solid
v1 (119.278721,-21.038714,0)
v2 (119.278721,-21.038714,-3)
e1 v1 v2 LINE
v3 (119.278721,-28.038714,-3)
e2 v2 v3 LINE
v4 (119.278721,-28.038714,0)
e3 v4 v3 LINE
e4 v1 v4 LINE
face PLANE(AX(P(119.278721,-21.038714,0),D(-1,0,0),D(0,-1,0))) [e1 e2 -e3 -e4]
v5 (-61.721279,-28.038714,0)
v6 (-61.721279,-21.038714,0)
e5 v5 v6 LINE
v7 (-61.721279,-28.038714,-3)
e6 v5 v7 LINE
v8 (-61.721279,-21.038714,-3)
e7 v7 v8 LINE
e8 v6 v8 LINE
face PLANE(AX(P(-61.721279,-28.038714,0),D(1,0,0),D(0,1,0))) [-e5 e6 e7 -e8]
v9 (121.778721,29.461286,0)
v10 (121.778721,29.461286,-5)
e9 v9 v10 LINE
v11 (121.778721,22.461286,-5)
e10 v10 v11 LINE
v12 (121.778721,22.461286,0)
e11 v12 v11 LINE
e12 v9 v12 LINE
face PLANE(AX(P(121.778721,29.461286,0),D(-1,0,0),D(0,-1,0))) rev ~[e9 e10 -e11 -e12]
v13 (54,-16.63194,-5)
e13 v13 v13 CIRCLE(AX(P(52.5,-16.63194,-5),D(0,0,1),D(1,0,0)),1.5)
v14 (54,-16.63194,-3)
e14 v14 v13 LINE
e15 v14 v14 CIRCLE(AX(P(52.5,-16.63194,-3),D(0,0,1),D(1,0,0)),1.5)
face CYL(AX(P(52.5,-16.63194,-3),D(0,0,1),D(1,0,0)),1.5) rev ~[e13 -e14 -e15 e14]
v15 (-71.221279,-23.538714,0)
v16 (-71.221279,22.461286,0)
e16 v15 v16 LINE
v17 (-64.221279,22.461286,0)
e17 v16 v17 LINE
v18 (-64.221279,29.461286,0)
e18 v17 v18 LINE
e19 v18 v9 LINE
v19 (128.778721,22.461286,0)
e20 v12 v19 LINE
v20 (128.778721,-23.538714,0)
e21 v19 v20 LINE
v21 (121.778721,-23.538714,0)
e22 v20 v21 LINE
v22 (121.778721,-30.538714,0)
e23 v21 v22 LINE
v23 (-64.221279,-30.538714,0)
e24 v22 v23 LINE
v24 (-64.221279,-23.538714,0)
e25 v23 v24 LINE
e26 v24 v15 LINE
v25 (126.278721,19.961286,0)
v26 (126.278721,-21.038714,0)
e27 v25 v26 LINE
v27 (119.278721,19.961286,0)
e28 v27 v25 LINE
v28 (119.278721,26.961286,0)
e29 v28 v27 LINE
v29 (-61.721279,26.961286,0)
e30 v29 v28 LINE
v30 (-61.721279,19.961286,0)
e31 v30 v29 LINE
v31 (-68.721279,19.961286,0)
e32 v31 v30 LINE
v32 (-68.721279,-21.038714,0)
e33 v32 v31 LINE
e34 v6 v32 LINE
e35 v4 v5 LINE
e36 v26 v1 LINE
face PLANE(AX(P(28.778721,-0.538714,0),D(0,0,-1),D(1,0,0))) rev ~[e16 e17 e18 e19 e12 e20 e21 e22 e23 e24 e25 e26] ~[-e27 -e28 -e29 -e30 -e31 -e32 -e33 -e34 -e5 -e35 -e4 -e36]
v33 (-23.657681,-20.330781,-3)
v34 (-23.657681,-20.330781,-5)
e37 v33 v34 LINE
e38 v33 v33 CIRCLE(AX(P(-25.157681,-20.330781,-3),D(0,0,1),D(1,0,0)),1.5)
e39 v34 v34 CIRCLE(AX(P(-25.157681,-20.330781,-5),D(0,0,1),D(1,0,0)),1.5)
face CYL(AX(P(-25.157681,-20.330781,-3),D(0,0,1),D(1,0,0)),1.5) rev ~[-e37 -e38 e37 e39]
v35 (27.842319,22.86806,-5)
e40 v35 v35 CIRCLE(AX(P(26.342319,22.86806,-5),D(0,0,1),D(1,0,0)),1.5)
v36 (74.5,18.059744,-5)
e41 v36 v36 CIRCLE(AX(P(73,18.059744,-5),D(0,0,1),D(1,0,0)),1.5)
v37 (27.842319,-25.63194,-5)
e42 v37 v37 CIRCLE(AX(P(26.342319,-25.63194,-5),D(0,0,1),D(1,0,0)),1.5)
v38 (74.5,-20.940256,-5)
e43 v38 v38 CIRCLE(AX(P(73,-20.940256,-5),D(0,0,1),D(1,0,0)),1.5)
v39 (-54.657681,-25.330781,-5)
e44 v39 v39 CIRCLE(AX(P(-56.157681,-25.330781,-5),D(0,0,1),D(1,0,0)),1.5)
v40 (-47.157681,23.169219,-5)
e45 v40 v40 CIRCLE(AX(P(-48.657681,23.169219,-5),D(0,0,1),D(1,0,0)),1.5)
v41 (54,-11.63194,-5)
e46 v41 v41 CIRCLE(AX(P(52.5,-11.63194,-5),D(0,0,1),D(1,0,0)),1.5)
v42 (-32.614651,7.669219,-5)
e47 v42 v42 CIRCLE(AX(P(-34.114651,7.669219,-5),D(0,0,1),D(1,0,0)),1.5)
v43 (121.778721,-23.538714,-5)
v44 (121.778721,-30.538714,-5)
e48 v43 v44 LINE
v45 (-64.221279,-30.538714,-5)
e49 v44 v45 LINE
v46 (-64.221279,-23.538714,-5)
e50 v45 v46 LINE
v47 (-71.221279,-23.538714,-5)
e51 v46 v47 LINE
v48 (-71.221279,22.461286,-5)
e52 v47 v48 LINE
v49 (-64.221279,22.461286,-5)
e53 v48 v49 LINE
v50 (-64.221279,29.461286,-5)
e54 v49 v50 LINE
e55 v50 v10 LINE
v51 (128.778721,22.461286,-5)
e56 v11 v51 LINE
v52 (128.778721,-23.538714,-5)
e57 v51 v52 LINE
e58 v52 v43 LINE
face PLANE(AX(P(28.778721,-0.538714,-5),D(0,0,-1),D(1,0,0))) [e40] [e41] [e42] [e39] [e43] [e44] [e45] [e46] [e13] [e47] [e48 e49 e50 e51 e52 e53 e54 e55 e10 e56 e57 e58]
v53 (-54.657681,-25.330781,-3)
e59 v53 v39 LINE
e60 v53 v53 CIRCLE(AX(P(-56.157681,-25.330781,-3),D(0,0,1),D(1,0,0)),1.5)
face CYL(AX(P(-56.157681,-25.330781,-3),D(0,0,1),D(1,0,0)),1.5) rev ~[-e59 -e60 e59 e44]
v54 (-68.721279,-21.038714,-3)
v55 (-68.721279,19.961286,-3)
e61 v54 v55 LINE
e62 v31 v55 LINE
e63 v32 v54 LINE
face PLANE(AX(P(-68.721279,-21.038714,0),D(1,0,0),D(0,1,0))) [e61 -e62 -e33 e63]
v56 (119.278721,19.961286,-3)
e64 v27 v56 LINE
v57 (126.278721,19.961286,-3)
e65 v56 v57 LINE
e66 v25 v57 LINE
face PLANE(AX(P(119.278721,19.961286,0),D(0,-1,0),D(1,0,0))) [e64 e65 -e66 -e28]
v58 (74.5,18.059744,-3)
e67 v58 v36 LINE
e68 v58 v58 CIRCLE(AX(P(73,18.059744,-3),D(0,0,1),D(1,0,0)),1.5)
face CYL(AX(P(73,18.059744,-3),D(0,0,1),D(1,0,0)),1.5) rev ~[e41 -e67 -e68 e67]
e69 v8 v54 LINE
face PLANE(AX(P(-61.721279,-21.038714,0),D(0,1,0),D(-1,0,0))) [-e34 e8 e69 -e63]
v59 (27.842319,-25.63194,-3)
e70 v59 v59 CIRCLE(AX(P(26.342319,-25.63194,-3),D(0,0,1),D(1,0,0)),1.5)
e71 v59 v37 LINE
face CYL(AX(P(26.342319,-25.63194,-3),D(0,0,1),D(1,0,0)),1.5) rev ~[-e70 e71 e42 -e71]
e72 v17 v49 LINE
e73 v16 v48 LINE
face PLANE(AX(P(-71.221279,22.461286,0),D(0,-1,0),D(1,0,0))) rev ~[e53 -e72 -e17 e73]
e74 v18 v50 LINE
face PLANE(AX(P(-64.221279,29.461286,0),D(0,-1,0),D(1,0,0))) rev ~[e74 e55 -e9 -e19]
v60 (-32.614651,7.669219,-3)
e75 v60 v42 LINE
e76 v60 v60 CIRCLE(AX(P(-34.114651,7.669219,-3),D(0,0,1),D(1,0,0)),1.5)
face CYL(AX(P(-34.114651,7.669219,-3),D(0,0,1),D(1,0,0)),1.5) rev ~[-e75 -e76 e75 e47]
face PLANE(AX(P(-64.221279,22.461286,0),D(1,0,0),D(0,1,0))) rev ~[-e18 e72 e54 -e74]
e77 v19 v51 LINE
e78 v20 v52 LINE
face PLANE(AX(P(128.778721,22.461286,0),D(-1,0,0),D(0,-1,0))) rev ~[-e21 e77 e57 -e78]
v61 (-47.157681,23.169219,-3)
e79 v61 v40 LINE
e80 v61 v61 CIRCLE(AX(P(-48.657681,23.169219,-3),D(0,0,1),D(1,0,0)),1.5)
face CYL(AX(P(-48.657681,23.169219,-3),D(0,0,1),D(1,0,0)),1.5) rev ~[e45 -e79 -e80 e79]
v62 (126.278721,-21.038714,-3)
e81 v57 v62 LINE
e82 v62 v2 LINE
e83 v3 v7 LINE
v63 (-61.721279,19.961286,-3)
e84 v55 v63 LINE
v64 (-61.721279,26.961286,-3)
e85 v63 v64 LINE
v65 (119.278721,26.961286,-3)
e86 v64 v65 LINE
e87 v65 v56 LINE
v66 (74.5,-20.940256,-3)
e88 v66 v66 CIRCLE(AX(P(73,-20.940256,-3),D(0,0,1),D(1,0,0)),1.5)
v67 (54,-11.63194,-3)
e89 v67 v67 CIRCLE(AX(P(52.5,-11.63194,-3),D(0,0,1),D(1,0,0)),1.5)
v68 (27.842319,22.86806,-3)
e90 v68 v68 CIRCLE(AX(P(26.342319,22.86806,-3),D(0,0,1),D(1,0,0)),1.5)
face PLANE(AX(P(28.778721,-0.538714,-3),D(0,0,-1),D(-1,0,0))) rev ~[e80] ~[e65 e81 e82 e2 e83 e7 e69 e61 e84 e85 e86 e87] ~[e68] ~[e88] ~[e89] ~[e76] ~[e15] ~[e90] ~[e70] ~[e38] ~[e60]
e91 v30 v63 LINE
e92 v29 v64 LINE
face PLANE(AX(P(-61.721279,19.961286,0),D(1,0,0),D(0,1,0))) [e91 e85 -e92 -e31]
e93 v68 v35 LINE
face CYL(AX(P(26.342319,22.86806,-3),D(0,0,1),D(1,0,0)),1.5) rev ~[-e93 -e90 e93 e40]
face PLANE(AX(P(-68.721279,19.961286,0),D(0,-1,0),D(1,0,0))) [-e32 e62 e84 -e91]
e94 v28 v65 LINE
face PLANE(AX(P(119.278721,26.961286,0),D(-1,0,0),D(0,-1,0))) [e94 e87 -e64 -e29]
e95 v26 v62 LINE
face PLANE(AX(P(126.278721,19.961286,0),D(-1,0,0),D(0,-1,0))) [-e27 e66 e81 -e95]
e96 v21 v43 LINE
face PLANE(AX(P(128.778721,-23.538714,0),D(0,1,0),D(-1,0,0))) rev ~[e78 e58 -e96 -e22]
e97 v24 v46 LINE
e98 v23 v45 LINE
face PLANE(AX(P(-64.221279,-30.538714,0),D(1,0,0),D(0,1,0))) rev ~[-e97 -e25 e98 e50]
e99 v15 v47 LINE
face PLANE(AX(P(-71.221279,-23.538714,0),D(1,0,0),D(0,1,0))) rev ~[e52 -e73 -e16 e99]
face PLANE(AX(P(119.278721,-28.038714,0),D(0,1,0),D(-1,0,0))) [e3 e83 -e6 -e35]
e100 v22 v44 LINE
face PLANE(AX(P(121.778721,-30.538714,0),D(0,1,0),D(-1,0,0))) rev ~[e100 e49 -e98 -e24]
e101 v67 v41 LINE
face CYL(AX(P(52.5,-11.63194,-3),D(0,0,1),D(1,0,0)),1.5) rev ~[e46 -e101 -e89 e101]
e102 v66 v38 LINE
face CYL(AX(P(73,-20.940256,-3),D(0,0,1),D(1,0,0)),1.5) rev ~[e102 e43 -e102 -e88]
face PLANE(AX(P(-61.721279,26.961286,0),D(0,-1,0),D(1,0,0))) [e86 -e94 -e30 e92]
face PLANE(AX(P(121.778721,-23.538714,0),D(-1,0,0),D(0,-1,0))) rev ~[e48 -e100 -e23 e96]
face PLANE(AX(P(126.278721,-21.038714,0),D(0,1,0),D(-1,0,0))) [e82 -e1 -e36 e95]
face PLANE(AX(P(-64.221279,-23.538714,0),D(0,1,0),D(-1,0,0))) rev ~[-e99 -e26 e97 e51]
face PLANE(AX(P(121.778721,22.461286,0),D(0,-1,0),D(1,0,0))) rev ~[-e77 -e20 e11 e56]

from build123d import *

# Parameters (mm, degrees)
PAD_DEPTH       = 5
POCKET003_DEPTH = 3
SKETCH011_R     = 1.5
POCKET004_DEPTH = 10


with BuildPart() as part:
    # Sketch009 (on Face5 of Pad002) → Pad (new body)
    with BuildSketch(Plane(origin=(0, 0, 0), x_dir=(1, 0, 0), z_dir=(0, 0, -1))):
        Polygon((-64.221279, 23.538714), (-71.221279, 23.538714), (-71.221279, -22.461286), (-64.221279, -22.461286), (-64.221279, -29.461286), (121.778721, -29.461286), (121.778721, -22.461286), (128.778721, -22.461286), (128.778721, 23.538714), (121.778721, 23.538714), (121.778721, 30.538714), (-64.221279, 30.538714), align=None)
    extrude(amount=PAD_DEPTH)

    # Sketch010 (on Face13 of Pad) → Pocket003 (cut)
    with BuildSketch(Plane.XY):
        Polygon((-61.721279, -28.038714), (-61.721279, -21.038714), (-68.721279, -21.038714), (-68.721279, 19.961286), (-61.721279, 19.961286), (-61.721279, 26.961286), (119.278721, 26.961286), (119.278721, 19.961286), (126.278721, 19.961286), (126.278721, -21.038714), (119.278721, -21.038714), (119.278721, -28.038714), align=None)
    extrude(amount=-POCKET003_DEPTH, mode=Mode.SUBTRACT)

    # Sketch011 (on Face27 of Pocket003) → Pocket004 (cut)
    with BuildSketch(Plane.XY.offset(-3)):
        with Locations((-48.657681, 23.169219)):
            Circle(SKETCH011_R)
        with Locations((-34.114651, 7.669219)):
            Circle(SKETCH011_R)
        with Locations((26.342319, 22.86806)):
            Circle(SKETCH011_R)
        with Locations((-25.157681, -20.330781)):
            Circle(SKETCH011_R)
        with Locations((-56.157681, -25.330781)):
            Circle(SKETCH011_R)
        with Locations((26.342319, -25.63194)):
            Circle(SKETCH011_R)
        with Locations((52.5, -11.63194)):
            Circle(SKETCH011_R)
        with Locations((52.5, -16.63194)):
            Circle(SKETCH011_R)
        with Locations((73, 18.059744)):
            Circle(SKETCH011_R)
        with Locations((73, -20.940256)):
            Circle(SKETCH011_R)
    extrude(amount=-POCKET004_DEPTH, mode=Mode.SUBTRACT)


solid = part.part
